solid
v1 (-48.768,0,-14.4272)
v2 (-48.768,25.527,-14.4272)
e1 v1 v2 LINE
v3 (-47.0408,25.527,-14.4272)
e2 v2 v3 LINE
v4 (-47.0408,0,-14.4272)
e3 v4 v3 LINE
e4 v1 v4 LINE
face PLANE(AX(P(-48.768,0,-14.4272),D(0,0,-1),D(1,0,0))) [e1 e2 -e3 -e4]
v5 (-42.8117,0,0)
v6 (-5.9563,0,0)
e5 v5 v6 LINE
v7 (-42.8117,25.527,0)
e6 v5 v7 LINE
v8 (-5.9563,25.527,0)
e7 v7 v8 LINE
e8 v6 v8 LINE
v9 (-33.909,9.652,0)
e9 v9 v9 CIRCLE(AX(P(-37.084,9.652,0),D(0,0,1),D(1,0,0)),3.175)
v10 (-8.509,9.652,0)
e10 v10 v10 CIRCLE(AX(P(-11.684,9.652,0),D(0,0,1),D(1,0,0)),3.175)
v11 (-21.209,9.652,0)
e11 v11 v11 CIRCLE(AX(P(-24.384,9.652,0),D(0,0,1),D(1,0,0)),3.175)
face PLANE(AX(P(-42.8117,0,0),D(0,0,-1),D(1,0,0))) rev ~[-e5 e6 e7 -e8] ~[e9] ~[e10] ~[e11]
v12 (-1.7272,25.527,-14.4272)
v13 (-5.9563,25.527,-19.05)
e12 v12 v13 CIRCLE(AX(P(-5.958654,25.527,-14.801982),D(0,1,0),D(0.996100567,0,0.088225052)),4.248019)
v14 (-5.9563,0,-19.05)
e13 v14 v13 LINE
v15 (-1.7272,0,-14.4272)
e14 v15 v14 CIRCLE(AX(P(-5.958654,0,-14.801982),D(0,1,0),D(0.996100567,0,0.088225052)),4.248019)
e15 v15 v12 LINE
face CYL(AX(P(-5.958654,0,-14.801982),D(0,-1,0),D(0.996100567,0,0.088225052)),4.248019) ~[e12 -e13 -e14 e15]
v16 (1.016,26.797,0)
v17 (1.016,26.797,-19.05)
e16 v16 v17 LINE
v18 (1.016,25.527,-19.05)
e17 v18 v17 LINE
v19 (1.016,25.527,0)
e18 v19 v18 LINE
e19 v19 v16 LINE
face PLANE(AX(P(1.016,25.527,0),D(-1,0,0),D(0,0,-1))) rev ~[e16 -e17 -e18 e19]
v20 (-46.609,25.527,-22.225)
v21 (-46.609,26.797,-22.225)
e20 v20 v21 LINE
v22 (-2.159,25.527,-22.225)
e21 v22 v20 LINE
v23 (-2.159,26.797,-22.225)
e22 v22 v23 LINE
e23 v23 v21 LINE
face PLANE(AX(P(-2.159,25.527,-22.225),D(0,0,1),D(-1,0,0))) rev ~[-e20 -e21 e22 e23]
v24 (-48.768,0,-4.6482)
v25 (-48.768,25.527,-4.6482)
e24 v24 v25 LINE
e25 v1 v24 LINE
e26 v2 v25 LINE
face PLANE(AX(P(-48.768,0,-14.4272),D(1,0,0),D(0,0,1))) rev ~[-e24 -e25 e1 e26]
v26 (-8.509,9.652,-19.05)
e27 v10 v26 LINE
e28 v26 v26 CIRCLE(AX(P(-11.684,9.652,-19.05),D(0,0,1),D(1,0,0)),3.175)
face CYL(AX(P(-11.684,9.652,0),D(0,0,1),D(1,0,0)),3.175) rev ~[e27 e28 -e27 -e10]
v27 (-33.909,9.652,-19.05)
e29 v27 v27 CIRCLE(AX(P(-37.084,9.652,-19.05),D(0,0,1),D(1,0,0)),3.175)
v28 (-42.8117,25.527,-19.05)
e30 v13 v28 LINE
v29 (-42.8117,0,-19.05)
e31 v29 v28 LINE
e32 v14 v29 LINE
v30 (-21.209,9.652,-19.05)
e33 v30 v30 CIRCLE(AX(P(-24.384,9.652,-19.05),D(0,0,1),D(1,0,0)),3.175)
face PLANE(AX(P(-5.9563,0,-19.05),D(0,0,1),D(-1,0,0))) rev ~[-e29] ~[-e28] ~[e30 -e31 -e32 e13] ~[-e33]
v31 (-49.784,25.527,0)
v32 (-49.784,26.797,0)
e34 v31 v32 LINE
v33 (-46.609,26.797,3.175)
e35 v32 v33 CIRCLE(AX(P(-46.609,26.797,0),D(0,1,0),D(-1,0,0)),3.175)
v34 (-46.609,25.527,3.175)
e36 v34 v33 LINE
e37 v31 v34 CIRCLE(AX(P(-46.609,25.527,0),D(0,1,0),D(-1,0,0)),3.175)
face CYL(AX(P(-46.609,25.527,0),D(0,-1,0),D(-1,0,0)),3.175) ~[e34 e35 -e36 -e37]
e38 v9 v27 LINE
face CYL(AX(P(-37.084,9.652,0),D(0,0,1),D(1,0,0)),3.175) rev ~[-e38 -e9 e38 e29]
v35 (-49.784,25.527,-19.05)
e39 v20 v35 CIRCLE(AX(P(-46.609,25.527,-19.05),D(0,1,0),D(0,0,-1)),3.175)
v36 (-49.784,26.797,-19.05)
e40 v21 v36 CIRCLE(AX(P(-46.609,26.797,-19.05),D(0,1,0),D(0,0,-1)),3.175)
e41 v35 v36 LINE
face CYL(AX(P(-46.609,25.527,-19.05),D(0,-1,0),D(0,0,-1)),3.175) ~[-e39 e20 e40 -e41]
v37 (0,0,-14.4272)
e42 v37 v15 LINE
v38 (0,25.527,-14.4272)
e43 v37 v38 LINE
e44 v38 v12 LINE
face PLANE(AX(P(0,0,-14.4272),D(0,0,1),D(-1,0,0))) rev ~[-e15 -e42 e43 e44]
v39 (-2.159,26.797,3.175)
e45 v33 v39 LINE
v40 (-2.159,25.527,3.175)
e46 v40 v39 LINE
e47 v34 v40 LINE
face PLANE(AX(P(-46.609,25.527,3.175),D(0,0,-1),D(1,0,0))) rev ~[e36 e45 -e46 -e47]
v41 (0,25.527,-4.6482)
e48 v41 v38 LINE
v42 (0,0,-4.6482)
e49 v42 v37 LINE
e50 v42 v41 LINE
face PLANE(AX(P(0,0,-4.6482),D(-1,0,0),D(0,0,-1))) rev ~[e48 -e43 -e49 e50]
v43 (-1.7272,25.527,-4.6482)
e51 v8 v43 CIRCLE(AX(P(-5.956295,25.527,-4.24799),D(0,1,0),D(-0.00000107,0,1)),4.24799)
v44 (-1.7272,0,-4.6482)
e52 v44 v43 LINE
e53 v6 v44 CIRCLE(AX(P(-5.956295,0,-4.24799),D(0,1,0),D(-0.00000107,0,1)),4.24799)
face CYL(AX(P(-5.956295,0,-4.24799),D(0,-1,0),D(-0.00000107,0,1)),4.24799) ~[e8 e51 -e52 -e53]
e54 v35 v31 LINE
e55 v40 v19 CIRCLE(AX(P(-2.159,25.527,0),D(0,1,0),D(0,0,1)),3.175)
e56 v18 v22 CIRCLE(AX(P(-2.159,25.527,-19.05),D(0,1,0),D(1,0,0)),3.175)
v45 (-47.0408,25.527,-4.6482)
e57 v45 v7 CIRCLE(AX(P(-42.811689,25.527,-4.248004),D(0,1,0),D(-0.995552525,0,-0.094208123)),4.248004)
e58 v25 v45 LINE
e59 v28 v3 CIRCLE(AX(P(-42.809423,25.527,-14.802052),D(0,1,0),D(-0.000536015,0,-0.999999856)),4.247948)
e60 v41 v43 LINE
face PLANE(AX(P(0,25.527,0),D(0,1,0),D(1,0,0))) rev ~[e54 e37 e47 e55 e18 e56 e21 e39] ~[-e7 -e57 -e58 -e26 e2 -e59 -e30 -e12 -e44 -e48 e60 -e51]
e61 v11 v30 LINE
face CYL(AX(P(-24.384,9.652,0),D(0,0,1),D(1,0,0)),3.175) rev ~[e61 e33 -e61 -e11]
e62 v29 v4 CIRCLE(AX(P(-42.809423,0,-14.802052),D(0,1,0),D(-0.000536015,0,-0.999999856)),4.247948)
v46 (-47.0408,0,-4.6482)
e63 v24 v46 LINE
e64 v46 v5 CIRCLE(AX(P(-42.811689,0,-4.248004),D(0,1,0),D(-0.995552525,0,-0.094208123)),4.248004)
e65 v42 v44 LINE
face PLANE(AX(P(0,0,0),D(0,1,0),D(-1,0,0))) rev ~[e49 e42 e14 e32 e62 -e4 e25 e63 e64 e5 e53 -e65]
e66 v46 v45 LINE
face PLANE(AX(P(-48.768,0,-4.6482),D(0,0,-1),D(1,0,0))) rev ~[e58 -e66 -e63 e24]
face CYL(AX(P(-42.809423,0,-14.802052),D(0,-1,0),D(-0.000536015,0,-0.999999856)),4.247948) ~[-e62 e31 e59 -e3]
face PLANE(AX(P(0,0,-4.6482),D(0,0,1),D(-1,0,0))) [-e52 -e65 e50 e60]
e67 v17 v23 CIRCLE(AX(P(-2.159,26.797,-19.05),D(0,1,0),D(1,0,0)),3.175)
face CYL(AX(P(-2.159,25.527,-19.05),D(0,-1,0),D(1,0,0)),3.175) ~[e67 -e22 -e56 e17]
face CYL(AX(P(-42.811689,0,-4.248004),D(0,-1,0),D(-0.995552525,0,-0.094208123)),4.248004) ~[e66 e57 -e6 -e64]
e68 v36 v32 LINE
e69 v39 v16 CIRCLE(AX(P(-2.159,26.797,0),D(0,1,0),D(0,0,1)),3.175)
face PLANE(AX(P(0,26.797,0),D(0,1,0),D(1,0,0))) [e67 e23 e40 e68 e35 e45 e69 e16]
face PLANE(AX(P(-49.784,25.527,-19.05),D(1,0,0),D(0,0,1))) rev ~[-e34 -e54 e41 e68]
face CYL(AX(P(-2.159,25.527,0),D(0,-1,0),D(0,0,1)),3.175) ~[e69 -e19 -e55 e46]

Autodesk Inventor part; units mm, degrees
ref_plane "YZ Plane" through (0, 0, 0) normal (1, 0, 0) x (0, 1, 0)
ref_plane "XZ Plane" through (0, 0, 0) normal (0, 1, 0) x (-1, 0, 0)
ref_plane "XY Plane" through (0, 0, 0) normal (0, 0, 1) x (1, 0, 0)
sketch "Sketch1" plane through (0, 0, 0) normal (0, 1, 0) x (-1, 0, 0)
  line L0 (0, -4.6482) -> (0, -14.4272)
  line L1 (5.9563, -19.05) -> (42.8117, -19.05)
  line L2 (48.768, -14.4272) -> (48.768, -4.6482)
  line L3 (42.8117, 0) -> (5.9563, 0)
  line L4 (0, -14.4272) -> (1.7272, -14.4272)
  line L5 (48.768, -4.6482) -> (47.0408, -4.6482)
  line L6 (48.768, -14.4272) -> (47.0408, -14.4272)
  line L7 (0, -4.6482) -> (1.7272, -4.6482)
  line L8 (24.384, 0) -> (24.384, -19.05) construction
  arc A0 (5.9563, 0) -> (1.7272, -4.6482) centre (5.9563, -4.248) ccw
  arc A1 (1.7272, -14.4272) -> (5.9563, -19.05) centre (5.9586, -14.802) ccw
  arc A2 (47.0408, -4.6482) -> (42.8117, 0) centre (42.8117, -4.248) ccw
  arc A3 (42.8117, -19.05) -> (47.0408, -14.4272) centre (42.8094, -14.802) ccw
  point P0 (0, 0)
  dimension "d1" = 19.05
  dimension "d2" = 48.768
  dimension "d3" = 36.8554
  dimension "d4" = 1.7272
  dimension "d6" = 9.779
  dimension "d8" = 24.384
  dimension "d9" = 4.6482
extrude "Extrusion1" add sketch "Sketch1" along normal blind 25.527
sketch "Sketch2" plane through (0, 25.527, 0) normal (0, 1, 0) x (1, 0, 0)
  line L0 (-46.609, -3.175) -> (-2.159, -3.175)
  line L1 (1.016, 0) -> (1.016, 19.05)
  line L2 (-2.159, 22.225) -> (-46.609, 22.225)
  line L3 (-49.784, 19.05) -> (-49.784, 0)
  line L4 (-5.9563, 19.05) -> (-42.8117, 19.05) projected
  line L5 (-48.768, 14.4272) -> (-48.768, 4.6482) projected
  line L6 (-42.8117, 0) -> (-5.9563, 0) projected
  line L7 (0, 4.6482) -> (0, 14.4272) projected
  arc A0 (-49.784, 0) -> (-46.609, -3.175) centre (-46.609, 0) ccw
  arc A1 (-46.609, 22.225) -> (-49.784, 19.05) centre (-46.609, 19.05) ccw
  arc A2 (1.016, 19.05) -> (-2.159, 22.225) centre (-2.159, 19.05) ccw
  arc A3 (-2.159, -3.175) -> (1.016, 0) centre (-2.159, 0) ccw
  point P0 (0, 0)
  point P1 (-49.784, -3.175)
  point P2 (1.016, 22.225)
  point P3 (-49.784, 22.225)
  dimension "d13" = 3.175
  dimension "d16" = 1.016
  dimension "d17" = 25.4
  dimension "d18" = 50.8
  dimension "d19" = 3.175
extrude "Extrusion2" add sketch "Sketch2" along normal blind 1.27
sketch "Sketch3" plane through (-42.8117, 0, 0) normal (0, 0, 1) x (1, 0, 0)
  circle A0 centre (5.7277, 9.652) radius 3.175
  circle A1 centre (18.4277, 9.652) radius 3.175
  circle A2 centre (31.1277, 9.652) radius 3.175
  line L0 (-5.9563, 0) -> (-5.9563, 25.527) projected
  line L1 (0, 25.527) -> (36.8554, 25.527) projected
  point P0 (42.8117, 0)
  point P1 (43.8277, 25.527)
  point P2 (-6.9723, 25.527)
  dimension "d22" = 12.7
  dimension "d23" = 12.7
  dimension "d25" = 15.875
  dimension "d26" = 6.35
  dimension "d29" = 12.7
extrude "Extrusion3" cut sketch "Sketch3" against normal through all
equation "\"d8\" = 0.5 * d2"
properties part number "ELEV_015_CRSHBLCK1" material "ABS Plastic"
